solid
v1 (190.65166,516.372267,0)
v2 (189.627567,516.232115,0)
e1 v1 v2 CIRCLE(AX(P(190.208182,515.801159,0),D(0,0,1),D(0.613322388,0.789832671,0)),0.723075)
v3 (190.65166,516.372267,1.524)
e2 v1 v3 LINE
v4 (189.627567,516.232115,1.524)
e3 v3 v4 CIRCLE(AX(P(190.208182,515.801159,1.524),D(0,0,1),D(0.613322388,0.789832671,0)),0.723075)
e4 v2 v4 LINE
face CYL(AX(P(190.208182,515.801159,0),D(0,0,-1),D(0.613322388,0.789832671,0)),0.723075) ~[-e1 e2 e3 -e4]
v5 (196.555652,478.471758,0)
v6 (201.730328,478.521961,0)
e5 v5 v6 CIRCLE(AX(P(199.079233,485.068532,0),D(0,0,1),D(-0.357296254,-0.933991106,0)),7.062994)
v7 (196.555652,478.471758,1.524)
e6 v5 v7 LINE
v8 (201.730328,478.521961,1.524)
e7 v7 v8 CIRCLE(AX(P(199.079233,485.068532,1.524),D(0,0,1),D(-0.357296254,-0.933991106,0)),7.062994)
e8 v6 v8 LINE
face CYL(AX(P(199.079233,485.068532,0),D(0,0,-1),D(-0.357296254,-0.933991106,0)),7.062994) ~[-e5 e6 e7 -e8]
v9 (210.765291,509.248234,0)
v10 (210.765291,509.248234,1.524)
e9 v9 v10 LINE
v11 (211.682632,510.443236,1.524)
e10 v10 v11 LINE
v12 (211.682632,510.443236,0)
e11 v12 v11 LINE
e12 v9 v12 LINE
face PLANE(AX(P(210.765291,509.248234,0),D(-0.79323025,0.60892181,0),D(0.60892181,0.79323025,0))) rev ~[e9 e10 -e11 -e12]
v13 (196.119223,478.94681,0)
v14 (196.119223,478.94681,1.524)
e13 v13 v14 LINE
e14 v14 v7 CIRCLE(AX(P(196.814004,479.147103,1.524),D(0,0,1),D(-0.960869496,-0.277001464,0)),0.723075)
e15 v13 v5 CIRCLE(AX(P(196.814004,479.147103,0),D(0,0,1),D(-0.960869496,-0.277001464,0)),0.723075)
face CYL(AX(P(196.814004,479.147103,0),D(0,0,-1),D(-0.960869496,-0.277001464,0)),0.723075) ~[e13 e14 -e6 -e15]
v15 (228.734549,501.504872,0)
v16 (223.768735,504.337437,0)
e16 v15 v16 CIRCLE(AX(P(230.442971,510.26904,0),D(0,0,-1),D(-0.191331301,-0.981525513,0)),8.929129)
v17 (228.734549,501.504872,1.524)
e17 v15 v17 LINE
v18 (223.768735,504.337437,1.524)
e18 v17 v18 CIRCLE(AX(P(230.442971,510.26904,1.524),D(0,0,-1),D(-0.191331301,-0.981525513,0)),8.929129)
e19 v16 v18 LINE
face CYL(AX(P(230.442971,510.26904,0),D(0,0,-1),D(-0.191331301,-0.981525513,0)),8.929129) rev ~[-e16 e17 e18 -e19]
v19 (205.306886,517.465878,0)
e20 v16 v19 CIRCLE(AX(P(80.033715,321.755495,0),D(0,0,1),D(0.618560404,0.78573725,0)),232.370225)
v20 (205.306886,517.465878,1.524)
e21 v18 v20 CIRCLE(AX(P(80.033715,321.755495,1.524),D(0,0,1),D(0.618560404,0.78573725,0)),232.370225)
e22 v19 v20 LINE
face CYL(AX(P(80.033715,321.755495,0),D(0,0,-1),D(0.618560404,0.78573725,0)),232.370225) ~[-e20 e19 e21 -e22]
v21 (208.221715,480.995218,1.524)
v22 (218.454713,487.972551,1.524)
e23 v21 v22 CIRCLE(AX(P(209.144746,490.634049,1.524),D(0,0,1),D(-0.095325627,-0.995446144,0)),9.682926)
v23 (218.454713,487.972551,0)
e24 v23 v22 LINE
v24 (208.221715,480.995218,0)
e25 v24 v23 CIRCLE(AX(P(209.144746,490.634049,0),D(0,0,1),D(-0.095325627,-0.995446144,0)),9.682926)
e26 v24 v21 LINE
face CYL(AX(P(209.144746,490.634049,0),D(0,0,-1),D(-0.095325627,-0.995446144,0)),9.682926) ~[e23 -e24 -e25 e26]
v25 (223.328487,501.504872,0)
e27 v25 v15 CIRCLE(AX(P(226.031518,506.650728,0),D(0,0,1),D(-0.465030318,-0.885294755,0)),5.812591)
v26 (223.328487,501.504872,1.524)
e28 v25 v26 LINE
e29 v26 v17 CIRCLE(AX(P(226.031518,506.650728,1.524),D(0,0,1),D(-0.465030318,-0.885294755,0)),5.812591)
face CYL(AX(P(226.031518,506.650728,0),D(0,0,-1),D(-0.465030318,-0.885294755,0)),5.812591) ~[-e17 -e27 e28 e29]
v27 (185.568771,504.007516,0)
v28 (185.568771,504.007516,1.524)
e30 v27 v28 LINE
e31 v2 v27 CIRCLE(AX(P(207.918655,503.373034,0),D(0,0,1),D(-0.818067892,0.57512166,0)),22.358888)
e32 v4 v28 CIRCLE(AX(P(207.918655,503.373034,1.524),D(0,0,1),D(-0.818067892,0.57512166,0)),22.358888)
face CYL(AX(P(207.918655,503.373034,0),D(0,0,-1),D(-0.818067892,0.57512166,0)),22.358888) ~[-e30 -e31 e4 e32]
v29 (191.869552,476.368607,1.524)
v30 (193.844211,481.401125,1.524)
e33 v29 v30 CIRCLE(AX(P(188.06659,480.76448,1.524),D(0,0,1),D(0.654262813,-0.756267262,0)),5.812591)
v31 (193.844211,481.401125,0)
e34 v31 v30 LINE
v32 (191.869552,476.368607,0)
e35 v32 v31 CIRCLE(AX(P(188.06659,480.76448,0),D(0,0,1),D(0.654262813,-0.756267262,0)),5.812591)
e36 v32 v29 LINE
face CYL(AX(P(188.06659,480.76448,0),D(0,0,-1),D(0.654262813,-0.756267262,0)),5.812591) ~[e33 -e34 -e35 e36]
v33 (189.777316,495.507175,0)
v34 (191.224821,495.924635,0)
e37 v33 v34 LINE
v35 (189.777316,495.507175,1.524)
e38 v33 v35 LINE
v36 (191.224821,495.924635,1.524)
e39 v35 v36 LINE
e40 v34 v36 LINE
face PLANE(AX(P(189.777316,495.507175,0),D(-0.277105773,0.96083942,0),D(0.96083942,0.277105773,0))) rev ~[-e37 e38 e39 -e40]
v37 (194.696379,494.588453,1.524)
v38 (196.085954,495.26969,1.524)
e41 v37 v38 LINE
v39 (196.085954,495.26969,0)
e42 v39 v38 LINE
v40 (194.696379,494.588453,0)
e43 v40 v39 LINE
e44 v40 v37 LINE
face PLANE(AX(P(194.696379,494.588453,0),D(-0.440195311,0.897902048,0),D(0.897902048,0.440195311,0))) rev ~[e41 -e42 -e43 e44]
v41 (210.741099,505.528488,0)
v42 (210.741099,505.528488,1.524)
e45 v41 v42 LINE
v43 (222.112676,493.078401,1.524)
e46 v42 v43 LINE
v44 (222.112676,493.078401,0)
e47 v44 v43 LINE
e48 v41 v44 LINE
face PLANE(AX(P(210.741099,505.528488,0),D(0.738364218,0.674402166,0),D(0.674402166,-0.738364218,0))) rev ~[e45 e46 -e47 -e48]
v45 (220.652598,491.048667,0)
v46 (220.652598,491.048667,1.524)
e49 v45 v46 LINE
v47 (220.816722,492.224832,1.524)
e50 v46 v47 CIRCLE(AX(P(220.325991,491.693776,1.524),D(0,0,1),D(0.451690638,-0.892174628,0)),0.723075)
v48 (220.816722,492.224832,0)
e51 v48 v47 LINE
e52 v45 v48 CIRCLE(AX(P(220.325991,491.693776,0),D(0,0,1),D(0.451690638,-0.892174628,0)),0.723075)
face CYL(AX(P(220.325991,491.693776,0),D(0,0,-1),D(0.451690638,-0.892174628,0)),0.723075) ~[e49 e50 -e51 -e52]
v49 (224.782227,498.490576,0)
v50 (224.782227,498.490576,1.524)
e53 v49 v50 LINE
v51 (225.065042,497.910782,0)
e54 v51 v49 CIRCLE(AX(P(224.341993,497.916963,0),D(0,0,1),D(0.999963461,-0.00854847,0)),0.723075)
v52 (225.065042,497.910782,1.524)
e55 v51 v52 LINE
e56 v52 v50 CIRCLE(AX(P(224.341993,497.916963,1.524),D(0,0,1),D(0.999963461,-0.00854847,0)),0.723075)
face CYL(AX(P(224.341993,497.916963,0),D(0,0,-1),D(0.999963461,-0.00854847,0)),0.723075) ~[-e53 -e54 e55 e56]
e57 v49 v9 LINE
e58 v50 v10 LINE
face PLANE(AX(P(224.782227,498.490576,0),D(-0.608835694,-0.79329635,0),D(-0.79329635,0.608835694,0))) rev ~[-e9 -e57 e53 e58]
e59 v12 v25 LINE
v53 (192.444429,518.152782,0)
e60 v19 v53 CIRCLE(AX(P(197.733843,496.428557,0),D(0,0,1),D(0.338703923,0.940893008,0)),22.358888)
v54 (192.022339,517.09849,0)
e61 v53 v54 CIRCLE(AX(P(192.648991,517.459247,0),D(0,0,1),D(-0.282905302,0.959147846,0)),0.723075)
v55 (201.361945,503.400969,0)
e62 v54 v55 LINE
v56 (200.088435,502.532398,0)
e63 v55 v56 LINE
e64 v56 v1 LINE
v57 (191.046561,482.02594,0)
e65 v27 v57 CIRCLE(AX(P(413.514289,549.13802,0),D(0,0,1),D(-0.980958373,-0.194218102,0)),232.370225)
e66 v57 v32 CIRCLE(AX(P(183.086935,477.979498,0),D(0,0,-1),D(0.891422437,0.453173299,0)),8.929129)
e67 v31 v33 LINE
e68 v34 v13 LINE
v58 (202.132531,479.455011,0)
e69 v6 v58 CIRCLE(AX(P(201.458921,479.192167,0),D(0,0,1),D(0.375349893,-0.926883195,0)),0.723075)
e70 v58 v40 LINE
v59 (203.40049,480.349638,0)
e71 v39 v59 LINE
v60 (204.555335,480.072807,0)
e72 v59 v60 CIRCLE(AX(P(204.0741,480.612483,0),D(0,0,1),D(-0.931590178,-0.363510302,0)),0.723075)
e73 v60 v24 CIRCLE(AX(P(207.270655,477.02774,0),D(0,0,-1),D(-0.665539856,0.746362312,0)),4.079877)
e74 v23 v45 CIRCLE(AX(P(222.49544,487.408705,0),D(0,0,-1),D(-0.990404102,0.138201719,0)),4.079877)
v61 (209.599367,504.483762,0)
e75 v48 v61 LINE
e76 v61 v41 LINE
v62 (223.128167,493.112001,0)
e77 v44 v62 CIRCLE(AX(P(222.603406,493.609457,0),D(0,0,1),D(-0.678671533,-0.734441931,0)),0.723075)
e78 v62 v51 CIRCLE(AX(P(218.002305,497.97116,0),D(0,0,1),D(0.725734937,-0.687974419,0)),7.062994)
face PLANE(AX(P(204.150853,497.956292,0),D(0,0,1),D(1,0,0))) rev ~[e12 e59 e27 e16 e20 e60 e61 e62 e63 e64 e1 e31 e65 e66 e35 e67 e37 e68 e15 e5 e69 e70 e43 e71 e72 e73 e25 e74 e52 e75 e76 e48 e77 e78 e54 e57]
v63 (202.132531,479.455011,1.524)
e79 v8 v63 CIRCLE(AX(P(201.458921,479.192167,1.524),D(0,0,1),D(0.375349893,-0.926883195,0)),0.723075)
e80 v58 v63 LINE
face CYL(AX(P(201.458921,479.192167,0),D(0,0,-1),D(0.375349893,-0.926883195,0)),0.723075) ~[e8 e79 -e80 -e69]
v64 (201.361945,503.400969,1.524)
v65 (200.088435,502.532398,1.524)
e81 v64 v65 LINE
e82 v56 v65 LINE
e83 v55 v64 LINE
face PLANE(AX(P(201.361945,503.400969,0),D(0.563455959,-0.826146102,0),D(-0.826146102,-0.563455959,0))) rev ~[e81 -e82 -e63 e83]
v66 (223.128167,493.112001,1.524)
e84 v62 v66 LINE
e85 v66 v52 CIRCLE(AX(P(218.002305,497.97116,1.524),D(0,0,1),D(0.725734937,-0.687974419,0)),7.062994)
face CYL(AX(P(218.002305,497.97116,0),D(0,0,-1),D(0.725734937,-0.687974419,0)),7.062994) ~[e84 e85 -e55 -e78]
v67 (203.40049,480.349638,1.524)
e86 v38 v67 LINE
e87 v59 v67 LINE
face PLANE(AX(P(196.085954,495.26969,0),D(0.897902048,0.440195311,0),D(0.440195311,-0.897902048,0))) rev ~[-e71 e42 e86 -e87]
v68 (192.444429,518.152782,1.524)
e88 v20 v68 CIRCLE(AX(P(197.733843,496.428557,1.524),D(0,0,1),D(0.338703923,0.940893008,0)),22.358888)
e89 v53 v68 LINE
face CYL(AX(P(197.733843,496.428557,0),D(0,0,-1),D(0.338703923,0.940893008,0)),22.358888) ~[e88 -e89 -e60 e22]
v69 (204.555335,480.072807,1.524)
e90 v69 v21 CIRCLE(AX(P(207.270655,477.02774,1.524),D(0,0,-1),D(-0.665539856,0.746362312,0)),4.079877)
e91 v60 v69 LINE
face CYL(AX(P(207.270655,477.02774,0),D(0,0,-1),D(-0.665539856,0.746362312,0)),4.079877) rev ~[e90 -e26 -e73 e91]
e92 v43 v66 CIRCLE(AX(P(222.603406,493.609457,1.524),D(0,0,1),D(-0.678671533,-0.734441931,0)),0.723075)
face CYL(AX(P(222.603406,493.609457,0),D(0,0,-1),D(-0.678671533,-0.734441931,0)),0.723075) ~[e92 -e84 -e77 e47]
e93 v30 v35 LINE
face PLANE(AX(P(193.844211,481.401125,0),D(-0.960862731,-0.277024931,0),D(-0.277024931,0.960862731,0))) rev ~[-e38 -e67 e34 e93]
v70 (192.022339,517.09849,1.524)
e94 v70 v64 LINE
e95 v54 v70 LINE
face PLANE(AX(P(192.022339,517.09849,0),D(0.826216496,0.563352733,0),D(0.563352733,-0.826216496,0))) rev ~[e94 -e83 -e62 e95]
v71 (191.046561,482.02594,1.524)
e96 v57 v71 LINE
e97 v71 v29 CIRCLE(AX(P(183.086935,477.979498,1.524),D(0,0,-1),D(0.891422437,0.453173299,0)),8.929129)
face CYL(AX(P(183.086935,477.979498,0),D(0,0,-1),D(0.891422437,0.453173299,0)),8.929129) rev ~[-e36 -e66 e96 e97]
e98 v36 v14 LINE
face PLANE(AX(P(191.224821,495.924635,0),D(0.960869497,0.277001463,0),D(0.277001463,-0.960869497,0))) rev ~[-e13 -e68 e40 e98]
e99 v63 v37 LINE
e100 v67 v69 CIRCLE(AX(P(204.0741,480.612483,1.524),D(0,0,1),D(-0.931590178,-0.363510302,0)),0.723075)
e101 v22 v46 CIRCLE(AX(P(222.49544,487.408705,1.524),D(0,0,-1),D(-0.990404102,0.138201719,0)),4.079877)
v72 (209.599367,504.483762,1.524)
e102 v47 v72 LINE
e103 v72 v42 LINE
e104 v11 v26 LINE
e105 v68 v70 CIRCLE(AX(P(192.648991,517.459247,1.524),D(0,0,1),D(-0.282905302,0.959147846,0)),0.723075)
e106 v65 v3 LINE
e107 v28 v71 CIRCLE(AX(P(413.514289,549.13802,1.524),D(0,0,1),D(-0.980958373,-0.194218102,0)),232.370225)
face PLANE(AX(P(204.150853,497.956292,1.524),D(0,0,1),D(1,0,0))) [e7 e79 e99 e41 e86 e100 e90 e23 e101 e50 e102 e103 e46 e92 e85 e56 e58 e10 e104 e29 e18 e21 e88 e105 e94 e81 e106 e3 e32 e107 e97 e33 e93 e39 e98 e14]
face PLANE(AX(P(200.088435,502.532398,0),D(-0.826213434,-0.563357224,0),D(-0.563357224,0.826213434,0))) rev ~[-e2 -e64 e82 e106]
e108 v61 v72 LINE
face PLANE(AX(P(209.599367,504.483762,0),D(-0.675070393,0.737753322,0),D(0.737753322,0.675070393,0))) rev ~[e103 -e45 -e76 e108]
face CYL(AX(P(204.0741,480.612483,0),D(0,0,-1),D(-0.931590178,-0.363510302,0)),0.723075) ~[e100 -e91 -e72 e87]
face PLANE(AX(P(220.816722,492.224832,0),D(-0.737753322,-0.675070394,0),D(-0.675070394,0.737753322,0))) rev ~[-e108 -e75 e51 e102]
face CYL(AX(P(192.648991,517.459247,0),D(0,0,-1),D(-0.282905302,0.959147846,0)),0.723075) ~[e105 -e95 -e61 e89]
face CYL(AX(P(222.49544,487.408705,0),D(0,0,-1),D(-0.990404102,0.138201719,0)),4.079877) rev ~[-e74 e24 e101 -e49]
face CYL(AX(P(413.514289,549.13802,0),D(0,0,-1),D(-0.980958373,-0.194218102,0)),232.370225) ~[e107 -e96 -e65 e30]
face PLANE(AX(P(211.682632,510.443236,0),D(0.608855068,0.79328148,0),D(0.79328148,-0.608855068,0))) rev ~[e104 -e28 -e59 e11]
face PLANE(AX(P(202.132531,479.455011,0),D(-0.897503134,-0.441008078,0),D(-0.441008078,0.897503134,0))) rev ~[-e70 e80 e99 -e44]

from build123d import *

# Parameters (mm, degrees)
BOSS_EXTRUDE1_DEPTH = 1.524


with BuildPart() as part:
    # Sketch1 → Boss-Extrude1 (new body)
    with BuildSketch(Plane.XY):
        with BuildLine():
            Line((189.777315793, 495.507175139), (191.224820624, 495.924635056))
            Line((191.224820624, 495.924635056), (196.119223328, 478.946810438))
            ThreePointArc((196.119223328, 478.946810438), (196.281524624, 478.657917117), (196.555651913, 478.471757801))
            ThreePointArc((196.555651913, 478.471757801), (199.147753156, 478.005869728), (201.730327533, 478.521960937))
            ThreePointArc((201.730327533, 478.521960937), (202.122931571, 478.905936562), (202.132531096, 479.455011294))
            Line((202.132531096, 479.455011294), (194.696378786, 494.588452914))
            Line((194.696378786, 494.588452914), (196.085953758, 495.269690236))
            Line((196.085953758, 495.269690236), (203.4004902, 480.349637502))
            ThreePointArc((203.4004902, 480.349637502), (203.905544625, 479.909328052), (204.555334637, 480.072806873))
            ThreePointArc((204.555334637, 480.072806873), (206.275233543, 480.984321258), (208.221715491, 480.995218384))
            ThreePointArc((208.221715491, 480.995218384), (214.599649086, 482.633856482), (218.454712821, 487.972550644))
            ThreePointArc((218.454712821, 487.972550644), (219.175843378, 489.780555467), (220.652597524, 491.048667416))
            ThreePointArc((220.652597524, 491.048667416), (221.042127495, 491.593845171), (220.816722181, 492.224832356))
            Line((220.816722181, 492.224832356), (209.599367356, 504.483762477))
            Line((209.599367356, 504.483762477), (210.741099412, 505.528487706))
            Line((210.741099412, 505.528487706), (222.112676203, 493.07840105))
            ThreePointArc((222.112676203, 493.07840105), (222.627317714, 492.886778176), (223.128167093, 493.112000535))
            ThreePointArc((223.128167093, 493.112000535), (224.551927983, 495.327614554), (225.065041618, 497.910782173))
            ThreePointArc((225.065041618, 497.910782173), (224.99187518, 498.233965919), (224.782226996, 498.490575936))
            Line((224.782226996, 498.490575936), (210.765290937, 509.248234144))
            Line((210.765290937, 509.248234144), (211.682631799, 510.443235718))
            Line((211.682631799, 510.443235718), (223.328487329, 501.504872294))
            ThreePointArc((223.328487329, 501.504872294), (226.03151825, 500.838137649), (228.73454917, 501.504872294))
            ThreePointArc((228.73454917, 501.504872294), (226.018822109, 502.512994153), (223.768735069, 504.337436936))
            ThreePointArc((223.768735069, 504.337436936), (214.697892634, 511.126772614), (205.306886221, 517.465878226))
            ThreePointArc((205.306886221, 517.465878226), (198.926193665, 518.755629479), (192.444429164, 518.152782293))
            ThreePointArc((192.444429164, 518.152782293), (191.977714673, 517.727994557), (192.022339489, 517.098490258))
            Line((192.022339489, 517.098490258), (201.361944543, 503.400969482))
            Line((201.361944543, 503.400969482), (200.088434986, 502.532398479))
            Line((200.088434986, 502.532398479), (190.651660212, 516.372267313))
            ThreePointArc((190.651660212, 516.372267313), (190.110139611, 516.517556306), (189.627566711, 516.232114806))
            ThreePointArc((189.627566711, 516.232114806), (186.698797428, 510.418423529), (185.568771317, 504.007515889))
            ThreePointArc((185.568771317, 504.007515889), (188.039633015, 492.949934603), (191.046560533, 482.025940447))
            ThreePointArc((191.046560533, 482.025940447), (191.923055704, 479.264919011), (191.869552453, 476.368607468))
            ThreePointArc((191.869552453, 476.368607468), (193.477546562, 478.641329665), (193.844210588, 481.401124718))
            Line((193.844210588, 481.401124718), (189.777315793, 495.507175139))
        make_face()
    extrude(amount=BOSS_EXTRUDE1_DEPTH)


solid = part.part
